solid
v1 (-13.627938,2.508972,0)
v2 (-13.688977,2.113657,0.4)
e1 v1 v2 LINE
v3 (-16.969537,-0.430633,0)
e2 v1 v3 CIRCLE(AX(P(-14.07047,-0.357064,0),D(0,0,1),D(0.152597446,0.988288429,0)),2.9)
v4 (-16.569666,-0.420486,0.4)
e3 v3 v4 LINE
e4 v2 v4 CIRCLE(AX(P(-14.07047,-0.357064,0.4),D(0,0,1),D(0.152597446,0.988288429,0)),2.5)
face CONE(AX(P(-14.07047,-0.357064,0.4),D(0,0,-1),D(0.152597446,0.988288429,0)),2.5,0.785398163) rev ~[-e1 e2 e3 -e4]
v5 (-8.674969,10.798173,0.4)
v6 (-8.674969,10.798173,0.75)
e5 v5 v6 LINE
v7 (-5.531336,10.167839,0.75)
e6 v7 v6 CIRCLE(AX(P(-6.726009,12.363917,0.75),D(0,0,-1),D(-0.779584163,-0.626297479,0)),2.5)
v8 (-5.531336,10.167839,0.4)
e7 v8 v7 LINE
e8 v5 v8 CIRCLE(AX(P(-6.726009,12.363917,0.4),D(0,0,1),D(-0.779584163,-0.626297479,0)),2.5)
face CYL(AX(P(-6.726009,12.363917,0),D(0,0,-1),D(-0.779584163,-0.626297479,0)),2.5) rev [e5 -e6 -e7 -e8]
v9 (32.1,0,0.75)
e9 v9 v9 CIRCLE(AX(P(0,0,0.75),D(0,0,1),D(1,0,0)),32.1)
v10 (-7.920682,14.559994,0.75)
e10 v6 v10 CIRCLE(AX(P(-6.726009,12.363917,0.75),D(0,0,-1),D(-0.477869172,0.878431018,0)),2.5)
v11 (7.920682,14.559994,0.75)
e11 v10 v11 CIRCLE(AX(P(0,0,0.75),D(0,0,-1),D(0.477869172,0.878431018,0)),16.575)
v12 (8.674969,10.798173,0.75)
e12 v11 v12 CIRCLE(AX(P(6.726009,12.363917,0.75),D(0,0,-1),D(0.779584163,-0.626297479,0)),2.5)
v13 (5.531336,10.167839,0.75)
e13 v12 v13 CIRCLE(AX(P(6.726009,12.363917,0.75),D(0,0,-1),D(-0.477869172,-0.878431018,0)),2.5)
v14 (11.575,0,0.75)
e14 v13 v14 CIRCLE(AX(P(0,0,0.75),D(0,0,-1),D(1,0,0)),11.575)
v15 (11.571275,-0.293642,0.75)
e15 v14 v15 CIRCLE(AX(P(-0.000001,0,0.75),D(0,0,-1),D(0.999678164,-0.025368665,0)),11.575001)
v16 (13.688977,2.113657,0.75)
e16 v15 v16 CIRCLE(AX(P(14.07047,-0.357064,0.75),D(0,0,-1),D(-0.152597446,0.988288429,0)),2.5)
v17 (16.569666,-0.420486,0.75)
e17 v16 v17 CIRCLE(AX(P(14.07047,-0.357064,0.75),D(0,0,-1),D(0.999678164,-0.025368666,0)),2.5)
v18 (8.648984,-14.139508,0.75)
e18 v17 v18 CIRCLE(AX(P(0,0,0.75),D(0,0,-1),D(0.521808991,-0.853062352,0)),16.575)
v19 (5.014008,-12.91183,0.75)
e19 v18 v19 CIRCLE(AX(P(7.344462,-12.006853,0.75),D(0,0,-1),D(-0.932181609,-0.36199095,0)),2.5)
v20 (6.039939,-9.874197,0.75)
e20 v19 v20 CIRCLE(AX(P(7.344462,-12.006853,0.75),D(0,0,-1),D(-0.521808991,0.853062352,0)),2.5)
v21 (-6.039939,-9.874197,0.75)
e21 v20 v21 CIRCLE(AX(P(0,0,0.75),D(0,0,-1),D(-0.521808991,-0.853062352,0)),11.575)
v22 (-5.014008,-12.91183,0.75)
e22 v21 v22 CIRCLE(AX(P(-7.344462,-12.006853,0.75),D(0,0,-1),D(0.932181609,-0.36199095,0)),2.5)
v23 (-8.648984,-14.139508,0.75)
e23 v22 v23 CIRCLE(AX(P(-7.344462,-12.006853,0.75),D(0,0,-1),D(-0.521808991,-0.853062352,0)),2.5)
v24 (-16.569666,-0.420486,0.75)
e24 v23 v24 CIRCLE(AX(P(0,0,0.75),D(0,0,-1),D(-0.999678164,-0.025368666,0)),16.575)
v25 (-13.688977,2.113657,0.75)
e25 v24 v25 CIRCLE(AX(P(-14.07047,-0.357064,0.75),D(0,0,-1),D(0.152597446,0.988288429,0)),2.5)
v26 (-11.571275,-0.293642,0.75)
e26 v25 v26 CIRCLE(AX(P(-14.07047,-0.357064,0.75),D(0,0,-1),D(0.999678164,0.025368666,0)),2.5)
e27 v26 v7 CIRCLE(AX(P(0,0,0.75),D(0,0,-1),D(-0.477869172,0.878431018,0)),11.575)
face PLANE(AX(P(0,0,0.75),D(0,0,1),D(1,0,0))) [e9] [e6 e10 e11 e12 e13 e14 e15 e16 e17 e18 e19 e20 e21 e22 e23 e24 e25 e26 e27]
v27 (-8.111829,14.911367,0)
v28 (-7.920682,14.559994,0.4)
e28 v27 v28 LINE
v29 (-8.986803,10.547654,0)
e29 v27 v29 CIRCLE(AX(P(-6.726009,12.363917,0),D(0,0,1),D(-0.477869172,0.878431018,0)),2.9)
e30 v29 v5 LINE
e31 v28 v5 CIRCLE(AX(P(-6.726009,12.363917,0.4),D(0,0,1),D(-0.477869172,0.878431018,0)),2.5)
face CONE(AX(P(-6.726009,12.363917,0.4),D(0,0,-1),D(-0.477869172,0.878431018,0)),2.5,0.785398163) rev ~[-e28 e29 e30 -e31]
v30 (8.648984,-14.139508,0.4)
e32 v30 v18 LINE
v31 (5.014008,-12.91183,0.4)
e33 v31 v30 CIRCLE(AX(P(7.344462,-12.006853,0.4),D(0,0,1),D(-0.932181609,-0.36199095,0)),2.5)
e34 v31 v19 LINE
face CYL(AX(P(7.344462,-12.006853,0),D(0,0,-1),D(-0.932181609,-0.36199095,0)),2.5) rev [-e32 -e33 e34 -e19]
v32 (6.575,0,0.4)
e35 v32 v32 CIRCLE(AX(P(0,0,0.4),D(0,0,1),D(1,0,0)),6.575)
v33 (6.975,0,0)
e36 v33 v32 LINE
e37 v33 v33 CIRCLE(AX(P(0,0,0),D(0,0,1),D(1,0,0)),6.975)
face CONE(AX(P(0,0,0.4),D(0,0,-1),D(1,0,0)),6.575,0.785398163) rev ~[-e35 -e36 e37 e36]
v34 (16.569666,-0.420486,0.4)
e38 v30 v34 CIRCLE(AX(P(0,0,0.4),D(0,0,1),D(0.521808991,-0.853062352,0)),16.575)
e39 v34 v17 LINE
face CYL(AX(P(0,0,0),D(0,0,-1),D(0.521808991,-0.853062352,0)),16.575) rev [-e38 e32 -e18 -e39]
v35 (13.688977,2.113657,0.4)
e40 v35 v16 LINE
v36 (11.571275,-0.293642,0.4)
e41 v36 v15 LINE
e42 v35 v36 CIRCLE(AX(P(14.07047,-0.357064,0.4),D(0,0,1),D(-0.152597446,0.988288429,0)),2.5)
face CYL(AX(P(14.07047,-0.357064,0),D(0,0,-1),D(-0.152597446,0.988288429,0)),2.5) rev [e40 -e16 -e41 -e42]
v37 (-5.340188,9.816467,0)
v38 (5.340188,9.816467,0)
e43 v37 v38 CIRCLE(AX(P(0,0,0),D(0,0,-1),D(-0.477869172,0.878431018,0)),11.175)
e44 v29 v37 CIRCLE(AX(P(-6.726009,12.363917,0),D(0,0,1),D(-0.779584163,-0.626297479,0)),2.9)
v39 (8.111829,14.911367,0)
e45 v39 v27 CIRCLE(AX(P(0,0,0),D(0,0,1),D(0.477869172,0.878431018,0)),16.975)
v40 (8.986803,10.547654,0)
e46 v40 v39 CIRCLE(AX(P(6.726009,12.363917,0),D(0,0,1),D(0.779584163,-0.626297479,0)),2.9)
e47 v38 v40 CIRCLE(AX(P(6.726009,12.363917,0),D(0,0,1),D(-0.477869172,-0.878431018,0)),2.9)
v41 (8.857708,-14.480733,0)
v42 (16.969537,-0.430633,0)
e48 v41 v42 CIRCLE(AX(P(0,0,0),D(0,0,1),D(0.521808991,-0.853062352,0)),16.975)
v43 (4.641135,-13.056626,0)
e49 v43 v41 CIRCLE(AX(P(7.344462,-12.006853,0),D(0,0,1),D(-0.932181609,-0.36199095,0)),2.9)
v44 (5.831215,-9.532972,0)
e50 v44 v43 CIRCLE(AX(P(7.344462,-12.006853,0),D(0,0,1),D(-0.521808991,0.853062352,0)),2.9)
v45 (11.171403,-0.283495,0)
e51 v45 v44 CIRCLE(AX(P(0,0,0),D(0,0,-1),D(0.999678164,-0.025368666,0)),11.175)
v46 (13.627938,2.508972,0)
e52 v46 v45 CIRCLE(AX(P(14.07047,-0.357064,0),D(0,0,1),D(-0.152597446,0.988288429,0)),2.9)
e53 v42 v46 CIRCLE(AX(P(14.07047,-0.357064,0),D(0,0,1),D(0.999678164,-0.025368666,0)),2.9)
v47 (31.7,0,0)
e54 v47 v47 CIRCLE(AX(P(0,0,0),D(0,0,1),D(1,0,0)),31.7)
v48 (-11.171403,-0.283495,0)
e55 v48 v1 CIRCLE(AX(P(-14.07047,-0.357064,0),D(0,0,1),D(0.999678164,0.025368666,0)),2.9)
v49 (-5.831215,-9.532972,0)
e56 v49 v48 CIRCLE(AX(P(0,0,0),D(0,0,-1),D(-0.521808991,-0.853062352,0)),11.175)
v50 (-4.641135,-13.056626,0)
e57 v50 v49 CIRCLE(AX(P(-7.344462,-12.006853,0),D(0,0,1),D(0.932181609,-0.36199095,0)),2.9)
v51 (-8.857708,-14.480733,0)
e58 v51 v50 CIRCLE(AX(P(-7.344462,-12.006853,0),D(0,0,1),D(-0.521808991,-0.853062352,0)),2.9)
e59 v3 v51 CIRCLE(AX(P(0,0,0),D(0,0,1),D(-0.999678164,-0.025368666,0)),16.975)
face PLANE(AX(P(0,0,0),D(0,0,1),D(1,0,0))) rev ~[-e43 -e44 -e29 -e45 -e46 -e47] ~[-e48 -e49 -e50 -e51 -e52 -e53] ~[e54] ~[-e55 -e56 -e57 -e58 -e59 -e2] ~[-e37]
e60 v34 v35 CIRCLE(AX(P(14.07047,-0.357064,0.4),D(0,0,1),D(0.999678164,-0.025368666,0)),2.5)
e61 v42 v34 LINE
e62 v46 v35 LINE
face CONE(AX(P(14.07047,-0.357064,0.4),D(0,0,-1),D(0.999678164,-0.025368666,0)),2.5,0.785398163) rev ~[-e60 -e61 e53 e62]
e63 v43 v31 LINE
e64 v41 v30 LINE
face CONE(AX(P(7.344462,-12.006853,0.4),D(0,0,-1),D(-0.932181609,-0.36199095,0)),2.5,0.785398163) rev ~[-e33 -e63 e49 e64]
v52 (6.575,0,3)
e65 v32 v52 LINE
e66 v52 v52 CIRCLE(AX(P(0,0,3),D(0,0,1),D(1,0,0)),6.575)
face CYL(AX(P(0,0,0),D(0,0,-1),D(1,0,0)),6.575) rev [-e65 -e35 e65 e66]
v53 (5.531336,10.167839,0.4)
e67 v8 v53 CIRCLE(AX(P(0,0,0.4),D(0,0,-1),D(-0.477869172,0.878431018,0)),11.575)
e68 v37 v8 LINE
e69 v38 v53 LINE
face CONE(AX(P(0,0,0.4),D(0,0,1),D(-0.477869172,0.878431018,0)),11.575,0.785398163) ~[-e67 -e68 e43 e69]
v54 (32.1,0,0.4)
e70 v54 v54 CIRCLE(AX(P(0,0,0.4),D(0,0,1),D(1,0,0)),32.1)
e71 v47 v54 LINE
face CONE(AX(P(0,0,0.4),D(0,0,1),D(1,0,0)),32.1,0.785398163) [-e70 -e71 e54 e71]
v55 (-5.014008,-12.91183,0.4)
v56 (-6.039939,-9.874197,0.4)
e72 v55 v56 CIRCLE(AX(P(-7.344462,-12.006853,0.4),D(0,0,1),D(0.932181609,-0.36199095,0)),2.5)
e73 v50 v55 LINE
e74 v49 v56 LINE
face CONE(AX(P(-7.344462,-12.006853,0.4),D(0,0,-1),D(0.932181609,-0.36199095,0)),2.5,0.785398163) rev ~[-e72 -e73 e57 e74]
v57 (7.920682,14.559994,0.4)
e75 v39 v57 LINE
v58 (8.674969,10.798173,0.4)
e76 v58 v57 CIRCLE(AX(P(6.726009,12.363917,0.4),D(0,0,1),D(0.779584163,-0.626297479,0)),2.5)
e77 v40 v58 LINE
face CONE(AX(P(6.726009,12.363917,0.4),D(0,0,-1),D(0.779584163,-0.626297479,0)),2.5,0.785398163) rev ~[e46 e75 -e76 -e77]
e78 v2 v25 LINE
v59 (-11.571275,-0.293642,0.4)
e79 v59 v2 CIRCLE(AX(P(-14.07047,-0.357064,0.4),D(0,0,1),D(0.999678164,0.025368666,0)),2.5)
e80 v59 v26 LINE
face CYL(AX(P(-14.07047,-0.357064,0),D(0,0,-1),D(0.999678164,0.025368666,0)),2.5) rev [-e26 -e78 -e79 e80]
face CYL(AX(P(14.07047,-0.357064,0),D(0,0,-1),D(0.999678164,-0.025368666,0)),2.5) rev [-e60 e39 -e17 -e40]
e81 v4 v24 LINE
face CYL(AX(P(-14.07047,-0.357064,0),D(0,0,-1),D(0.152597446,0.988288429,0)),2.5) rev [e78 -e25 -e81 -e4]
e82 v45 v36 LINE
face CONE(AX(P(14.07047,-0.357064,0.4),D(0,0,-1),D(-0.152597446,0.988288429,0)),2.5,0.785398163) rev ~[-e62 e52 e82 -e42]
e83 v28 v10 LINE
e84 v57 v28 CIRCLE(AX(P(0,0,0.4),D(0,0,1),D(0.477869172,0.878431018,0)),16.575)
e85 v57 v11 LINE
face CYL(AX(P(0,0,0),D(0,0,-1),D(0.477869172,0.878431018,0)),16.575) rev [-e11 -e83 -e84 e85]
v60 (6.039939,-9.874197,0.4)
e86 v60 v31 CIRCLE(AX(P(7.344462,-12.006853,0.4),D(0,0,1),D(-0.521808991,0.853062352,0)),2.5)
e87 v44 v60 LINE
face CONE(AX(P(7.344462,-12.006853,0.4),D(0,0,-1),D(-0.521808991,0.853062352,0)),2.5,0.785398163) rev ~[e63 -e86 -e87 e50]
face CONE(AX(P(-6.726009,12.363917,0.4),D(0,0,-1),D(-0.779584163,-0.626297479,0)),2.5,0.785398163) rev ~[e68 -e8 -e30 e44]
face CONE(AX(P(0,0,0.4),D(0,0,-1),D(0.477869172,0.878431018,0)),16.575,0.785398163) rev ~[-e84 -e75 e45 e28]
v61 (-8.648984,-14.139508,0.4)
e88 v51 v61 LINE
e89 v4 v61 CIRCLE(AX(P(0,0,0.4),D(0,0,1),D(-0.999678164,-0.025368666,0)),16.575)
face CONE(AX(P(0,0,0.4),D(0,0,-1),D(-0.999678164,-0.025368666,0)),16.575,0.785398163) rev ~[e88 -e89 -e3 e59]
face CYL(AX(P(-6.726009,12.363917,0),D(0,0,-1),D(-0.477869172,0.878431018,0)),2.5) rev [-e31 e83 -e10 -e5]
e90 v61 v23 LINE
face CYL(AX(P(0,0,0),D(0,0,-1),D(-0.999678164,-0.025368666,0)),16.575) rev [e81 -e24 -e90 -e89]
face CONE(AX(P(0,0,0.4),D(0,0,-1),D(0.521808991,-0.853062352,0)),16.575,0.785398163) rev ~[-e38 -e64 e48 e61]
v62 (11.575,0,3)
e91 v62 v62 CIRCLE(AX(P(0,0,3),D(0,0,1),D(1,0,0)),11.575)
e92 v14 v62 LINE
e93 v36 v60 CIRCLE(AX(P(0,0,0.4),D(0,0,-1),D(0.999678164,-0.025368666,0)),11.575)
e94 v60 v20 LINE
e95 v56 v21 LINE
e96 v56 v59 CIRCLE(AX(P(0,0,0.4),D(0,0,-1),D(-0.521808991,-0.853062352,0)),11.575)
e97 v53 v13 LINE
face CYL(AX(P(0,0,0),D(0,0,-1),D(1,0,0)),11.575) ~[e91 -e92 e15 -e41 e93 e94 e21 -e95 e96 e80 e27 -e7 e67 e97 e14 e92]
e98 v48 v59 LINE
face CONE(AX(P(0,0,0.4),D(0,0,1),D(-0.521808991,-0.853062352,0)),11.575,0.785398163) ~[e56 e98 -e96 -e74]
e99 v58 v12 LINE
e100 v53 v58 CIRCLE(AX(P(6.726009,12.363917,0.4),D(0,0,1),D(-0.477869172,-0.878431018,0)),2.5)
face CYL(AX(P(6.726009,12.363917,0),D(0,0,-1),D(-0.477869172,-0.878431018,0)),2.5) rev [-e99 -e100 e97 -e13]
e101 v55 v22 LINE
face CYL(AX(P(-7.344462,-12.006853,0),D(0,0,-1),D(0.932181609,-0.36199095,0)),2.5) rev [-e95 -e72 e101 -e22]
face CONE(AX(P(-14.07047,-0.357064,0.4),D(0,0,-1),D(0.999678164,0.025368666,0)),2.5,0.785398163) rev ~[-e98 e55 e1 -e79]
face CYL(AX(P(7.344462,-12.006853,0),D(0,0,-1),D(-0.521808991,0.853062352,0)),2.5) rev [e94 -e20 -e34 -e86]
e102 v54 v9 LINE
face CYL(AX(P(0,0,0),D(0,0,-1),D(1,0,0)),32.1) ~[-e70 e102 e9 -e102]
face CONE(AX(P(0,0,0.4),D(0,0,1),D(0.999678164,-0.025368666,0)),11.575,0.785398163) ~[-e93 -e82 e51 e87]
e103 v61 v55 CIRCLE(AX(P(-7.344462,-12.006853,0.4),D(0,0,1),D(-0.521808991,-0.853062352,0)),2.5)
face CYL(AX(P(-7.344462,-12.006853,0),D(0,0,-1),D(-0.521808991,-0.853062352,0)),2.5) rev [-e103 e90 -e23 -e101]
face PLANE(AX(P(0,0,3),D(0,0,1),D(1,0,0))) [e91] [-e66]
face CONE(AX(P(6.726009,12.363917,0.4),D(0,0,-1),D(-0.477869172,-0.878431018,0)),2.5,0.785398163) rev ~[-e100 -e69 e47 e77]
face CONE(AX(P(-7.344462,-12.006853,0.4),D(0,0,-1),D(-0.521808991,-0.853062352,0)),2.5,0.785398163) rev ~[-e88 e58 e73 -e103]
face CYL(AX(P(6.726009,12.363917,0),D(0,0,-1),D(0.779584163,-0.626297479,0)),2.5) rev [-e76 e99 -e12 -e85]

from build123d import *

# Parameters (mm, degrees)
F0_R     = 32.1
F0_R_2   = 6.575
F3_DEPTH = 0.75
F4_DEPTH = 25
F1_R     = 11.575
F1_R_2   = 6.575
F5_DEPTH = 3
F6_SIZE  = 0.4


with BuildPart() as f3:
    # F0 (on Top) → F3 (new body)
    with BuildSketch(Plane.XY):
        Circle(F0_R)
        Circle(F0_R_2, mode=Mode.SUBTRACT)
    extrude(amount=F3_DEPTH)

    # F2 (on Top) → F4 (cut)
    with BuildSketch(Plane.XY):
        with BuildLine():
            ThreePointArc((11.5712747437, -0.2936423108), (11.5740686484, -0.1468329699), (11.575, 0))
            ThreePointArc((11.575, 0), (9.9500209897, 5.9141954063), (5.5313356711, 10.1678390376))
            ThreePointArc((5.5313356711, 10.1678390376), (0, 11.575), (-5.5313356711, 10.1678390376))
            ThreePointArc((-5.5313356711, 10.1678390376), (-10.0242440488, 5.7875), (-11.5712747437, -0.2936423108))
            ThreePointArc((-11.5712747437, -0.2936423108), (-10.0242440488, -5.7875), (-6.0399390726, -9.8741967268))
            ThreePointArc((-6.0399390726, -9.8741967268), (0, -11.575), (6.0399390726, -9.8741967268))
            ThreePointArc((6.0399390726, -9.8741967268), (10.0242440488, -5.7875), (11.5712747437, -0.2936423108))
        make_face()
        with BuildLine():
            ThreePointArc((-5.5313356711, 10.1678390376), (0, 11.575), (5.5313356711, 10.1678390376))
            ThreePointArc((5.5313356711, 10.1678390376), (7.2175038611, 9.9127061865), (8.6749690104, 10.7981728857))
            ThreePointArc((8.6749690104, 10.7981728857), (9.1772189992, 12.8554118424), (7.9206815333, 14.5599941294))
            ThreePointArc((7.9206815333, 14.5599941294), (0, 16.575), (-7.9206815333, 14.5599941294))
            ThreePointArc((-7.9206815333, 14.5599941294), (-9.1772189992, 12.8554118424), (-8.6749690104, 10.7981728857))
            ThreePointArc((-8.6749690104, 10.7981728857), (-7.2175038611, 9.9127061865), (-5.5313356711, 10.1678390376))
        make_face()
        with BuildLine():
            ThreePointArc((13.6889765386, 2.1136570972), (12.1934073083, 1.2941886024), (11.5712747437, -0.2936423108))
            ThreePointArc((11.5712747437, -0.2936423108), (10.0242440488, -5.7875), (6.0399390726, -9.8741967268))
            ThreePointArc((6.0399390726, -9.8741967268), (4.9759034472, -11.2068947889), (5.0140075282, -12.9118299829))
            ThreePointArc((5.0140075282, -12.9118299829), (6.544503732, -14.3754107106), (8.6489840283, -14.1395084878))
            ThreePointArc((8.6489840283, -14.1395084878), (14.3543710677, -8.2875), (16.5696655617, -0.4204856416))
            ThreePointArc((16.5696655617, -0.4204856416), (15.7217227312, 1.5199988682), (13.6889765386, 2.1136570972))
        make_face()
        with BuildLine():
            ThreePointArc((-6.0399390726, -9.8741967268), (-10.0242440488, -5.7875), (-11.5712747437, -0.2936423108))
            ThreePointArc((-11.5712747437, -0.2936423108), (-12.1934073083, 1.2941886024), (-13.6889765386, 2.1136570972))
            ThreePointArc((-13.6889765386, 2.1136570972), (-15.7217227312, 1.5199988682), (-16.5696655617, -0.4204856416))
            ThreePointArc((-16.5696655617, -0.4204856416), (-14.3543710677, -8.2875), (-8.6489840283, -14.1395084878))
            ThreePointArc((-8.6489840283, -14.1395084878), (-6.544503732, -14.3754107106), (-5.0140075282, -12.9118299829))
            ThreePointArc((-5.0140075282, -12.9118299829), (-4.9759034472, -11.2068947889), (-6.0399390726, -9.8741967268))
        make_face()
    extrude(amount=F4_DEPTH, mode=Mode.SUBTRACT)

    # F1 (on Top) → F5 (join)
    with BuildSketch(Plane.XY):
        Circle(F1_R)
        Circle(F1_R_2, mode=Mode.SUBTRACT)
    extrude(amount=F5_DEPTH)

    # F6
    f6_edges = [f3.edges().sort_by_distance(p)[0] for p in [
        (-32.1, 0, 0),
        (8.922086, 11.169244, 0),
        (0, 11.575, 0),
        (-8.922086, 11.169244, 0),
        (0, 16.575, 0),
        (-14.133892, 2.142131, 0),
        (-10.024244, -5.7875, 0),
        (-5.211806, -13.311375, 0),
        (-14.354371, -8.2875, 0),
        (5.211806, -13.311375, 0),
        (10.024244, -5.7875, 0),
        (14.133892, 2.142131, 0),
        (14.354371, -8.2875, 0),
        (-6.575, 0, 0),
    ]]
    chamfer(f6_edges, length=F6_SIZE)


solid = f3.part
